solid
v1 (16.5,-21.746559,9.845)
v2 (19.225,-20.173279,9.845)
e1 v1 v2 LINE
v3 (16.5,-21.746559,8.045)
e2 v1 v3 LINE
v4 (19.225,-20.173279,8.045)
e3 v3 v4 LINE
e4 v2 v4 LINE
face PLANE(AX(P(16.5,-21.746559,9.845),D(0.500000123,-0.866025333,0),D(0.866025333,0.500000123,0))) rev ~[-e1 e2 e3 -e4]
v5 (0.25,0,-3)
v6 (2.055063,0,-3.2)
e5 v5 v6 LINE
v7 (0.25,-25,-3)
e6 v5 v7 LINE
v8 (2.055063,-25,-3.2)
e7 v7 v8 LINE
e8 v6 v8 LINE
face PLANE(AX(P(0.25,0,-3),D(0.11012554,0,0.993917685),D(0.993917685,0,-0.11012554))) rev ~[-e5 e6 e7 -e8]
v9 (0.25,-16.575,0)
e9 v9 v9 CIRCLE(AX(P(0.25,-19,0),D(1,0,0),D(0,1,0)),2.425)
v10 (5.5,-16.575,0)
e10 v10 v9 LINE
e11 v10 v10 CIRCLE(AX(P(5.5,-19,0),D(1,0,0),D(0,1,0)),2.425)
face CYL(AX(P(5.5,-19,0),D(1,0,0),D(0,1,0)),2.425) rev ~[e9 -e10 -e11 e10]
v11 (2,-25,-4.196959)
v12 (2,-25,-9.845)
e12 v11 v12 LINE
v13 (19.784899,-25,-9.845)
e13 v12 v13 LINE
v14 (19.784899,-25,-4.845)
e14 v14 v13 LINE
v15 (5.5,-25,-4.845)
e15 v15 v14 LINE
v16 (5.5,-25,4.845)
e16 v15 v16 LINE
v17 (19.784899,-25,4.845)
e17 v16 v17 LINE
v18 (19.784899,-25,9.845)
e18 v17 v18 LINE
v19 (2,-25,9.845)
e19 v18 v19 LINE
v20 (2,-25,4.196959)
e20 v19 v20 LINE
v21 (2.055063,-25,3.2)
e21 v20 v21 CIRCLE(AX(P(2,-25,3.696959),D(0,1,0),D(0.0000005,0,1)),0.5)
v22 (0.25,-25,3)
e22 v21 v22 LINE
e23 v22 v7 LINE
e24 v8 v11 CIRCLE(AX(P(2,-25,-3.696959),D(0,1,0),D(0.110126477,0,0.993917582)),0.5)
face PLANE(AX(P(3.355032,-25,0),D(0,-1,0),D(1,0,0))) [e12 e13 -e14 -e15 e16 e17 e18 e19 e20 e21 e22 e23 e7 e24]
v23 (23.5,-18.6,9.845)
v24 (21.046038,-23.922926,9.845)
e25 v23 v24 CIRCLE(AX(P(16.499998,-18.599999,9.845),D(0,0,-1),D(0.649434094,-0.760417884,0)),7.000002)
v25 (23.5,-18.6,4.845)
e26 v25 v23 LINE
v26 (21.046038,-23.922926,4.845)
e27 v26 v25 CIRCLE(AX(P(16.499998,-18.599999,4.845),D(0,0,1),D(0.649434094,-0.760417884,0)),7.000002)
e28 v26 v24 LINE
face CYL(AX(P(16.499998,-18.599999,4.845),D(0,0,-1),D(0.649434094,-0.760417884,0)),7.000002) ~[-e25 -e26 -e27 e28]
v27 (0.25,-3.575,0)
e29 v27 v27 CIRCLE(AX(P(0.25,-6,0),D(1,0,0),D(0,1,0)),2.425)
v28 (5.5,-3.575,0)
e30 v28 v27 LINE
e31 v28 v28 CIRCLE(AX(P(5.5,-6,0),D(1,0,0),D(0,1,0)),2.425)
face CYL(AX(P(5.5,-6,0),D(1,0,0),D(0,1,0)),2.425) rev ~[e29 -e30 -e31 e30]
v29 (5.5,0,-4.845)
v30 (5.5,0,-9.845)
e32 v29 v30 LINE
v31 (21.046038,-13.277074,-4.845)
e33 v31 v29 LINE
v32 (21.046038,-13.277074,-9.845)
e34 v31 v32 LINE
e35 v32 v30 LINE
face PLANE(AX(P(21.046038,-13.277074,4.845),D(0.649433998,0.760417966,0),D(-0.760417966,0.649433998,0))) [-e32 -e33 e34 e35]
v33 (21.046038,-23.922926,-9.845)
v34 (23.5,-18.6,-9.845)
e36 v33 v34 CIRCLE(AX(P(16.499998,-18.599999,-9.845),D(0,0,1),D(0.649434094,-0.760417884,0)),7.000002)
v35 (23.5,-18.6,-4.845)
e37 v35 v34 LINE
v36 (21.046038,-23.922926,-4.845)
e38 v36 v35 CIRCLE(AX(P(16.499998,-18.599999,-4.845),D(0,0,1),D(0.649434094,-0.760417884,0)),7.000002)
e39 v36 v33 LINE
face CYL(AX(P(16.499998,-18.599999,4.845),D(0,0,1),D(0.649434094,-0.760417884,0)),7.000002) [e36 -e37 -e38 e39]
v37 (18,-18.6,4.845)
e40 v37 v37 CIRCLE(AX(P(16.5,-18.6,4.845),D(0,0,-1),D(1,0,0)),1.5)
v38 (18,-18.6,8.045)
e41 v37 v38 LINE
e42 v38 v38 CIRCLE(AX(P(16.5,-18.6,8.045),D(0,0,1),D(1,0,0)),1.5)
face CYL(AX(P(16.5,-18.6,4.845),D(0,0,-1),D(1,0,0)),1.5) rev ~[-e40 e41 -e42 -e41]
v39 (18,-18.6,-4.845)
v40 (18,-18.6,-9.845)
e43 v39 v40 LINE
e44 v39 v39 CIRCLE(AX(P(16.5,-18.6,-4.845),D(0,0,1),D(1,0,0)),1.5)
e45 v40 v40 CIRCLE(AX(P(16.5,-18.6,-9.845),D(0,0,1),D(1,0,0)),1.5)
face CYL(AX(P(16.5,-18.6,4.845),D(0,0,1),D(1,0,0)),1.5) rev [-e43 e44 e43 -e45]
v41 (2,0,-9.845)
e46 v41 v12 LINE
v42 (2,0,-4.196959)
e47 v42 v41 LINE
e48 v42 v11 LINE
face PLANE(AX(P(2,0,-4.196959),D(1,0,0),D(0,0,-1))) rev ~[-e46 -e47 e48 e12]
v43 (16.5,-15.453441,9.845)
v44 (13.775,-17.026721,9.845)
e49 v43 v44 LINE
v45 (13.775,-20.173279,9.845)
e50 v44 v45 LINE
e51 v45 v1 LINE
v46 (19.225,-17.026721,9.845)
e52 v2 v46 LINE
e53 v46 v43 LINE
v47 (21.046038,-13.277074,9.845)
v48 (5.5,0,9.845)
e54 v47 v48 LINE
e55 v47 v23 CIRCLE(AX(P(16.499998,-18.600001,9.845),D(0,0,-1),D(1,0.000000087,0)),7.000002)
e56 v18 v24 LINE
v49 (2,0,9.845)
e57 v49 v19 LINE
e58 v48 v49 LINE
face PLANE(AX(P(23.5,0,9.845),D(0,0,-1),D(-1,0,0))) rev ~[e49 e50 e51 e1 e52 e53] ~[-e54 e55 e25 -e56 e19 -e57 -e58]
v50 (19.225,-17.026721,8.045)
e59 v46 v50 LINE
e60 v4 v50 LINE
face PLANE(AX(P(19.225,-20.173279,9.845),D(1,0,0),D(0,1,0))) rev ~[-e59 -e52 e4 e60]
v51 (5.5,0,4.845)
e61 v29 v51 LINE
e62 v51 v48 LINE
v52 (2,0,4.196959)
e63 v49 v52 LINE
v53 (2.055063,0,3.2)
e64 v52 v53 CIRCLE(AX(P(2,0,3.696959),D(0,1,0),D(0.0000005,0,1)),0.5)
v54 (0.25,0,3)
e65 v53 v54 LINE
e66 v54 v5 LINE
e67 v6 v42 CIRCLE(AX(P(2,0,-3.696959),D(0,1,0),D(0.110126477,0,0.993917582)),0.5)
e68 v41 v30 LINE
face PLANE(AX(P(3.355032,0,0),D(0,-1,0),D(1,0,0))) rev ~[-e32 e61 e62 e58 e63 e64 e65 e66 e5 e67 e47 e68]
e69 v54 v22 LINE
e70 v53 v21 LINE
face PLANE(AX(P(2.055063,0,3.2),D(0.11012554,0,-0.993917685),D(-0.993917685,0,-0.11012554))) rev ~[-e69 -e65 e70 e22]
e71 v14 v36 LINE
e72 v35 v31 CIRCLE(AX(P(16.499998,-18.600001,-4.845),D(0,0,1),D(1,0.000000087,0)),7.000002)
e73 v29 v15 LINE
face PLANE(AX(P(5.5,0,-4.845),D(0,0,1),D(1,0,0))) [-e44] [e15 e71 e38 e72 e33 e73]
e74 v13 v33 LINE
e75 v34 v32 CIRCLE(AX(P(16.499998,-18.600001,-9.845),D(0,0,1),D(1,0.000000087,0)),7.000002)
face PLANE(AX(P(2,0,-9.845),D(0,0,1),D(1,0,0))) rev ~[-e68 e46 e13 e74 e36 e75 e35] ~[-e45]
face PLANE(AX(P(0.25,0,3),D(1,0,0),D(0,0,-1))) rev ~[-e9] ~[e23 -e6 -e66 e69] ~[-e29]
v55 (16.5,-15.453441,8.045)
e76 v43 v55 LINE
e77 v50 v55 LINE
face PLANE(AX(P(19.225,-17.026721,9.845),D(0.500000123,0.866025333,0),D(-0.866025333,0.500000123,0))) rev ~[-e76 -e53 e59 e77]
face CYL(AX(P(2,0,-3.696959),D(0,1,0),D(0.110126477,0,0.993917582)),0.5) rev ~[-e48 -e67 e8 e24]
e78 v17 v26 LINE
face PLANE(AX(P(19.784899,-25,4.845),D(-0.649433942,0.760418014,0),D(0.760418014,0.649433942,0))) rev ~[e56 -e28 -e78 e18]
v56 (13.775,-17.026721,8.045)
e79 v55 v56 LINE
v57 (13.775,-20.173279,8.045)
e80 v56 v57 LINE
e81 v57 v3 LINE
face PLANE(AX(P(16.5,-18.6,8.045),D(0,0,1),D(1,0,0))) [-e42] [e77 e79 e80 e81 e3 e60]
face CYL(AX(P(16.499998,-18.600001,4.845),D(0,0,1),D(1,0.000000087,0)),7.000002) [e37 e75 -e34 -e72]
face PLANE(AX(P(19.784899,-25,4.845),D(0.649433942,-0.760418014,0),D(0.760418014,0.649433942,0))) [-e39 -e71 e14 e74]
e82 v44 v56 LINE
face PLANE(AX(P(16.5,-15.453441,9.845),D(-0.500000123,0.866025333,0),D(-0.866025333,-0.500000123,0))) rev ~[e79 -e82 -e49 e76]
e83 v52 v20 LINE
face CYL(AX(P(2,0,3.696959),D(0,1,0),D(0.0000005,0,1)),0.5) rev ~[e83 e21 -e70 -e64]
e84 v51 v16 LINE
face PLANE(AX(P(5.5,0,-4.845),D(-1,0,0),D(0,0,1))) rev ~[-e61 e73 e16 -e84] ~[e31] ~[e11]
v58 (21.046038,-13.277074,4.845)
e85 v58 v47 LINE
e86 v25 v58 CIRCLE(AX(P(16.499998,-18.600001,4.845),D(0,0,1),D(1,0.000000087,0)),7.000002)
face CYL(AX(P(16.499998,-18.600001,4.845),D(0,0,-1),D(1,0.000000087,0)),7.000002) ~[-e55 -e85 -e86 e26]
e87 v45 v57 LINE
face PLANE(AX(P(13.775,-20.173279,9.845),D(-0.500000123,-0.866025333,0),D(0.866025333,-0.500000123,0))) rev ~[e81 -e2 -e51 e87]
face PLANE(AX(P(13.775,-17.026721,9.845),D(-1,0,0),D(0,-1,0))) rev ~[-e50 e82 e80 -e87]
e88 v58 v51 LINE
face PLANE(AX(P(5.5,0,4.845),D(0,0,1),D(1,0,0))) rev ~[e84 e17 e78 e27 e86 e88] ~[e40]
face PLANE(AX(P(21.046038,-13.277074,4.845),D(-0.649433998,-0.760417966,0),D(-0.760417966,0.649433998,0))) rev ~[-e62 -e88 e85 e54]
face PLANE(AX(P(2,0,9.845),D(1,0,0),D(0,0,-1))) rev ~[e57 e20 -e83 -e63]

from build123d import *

# Parameters (mm, degrees)
F0_W          = 18
F0_H          = 5
F1_DEPTH      = 25
F2_R          = 1.5
F3_DEPTH      = 14.691
F3_DEPTH_BACK = 25
F0_W_2        = 8
F0_H_2        = 0.52
F5_DEPTH      = 25
F6_R          = 2.425
F7_DEPTH      = 25
F8_R          = 1.5
F9_DEPTH      = 1.8


with BuildPart() as f1:
    # F0 (on Front) → F1 (new body)
    with BuildSketch(Plane.XZ):
        with BuildLine():
            Line((2, -9.845), (5.5, -9.845))
            Line((5.5, -9.845), (5.5, -4.845))
            Line((5.5, -4.845), (5.5, 4.845))
            Line((5.5, 4.845), (5.5, 9.845))
            Line((5.5, 9.845), (2, 9.845))
            Line((2, 9.845), (2, 4.196959))
            ThreePointArc((2, 4.196959), (2.499239, 3.724532), (2.055063, 3.2))
            Line((2.055063, 3.2), (0.25, 3))
            Line((0.25, 3), (0.25, -3))
            Line((0.25, -3), (2.055063, -3.2))
            ThreePointArc((2.055063, -3.2), (2.499239, -3.724532), (2, -4.196959))
            Line((2, -4.196959), (2, -9.845))
        make_face()
        with Locations((14.5, -7.345)):
            Rectangle(F0_W, F0_H)
        with Locations((14.5, 7.345)):
            Rectangle(F0_W, F0_H)
    extrude(amount=F1_DEPTH)

    # F2 (on face) → F3 (cut, two sides)
    with BuildSketch(Plane(origin=(0, 0, 4.845), x_dir=(1, 0, 0), z_dir=(0, 0, -1))) as f3_sk:
        with BuildLine():
            Line((23.5, 25), (19.784899, 25))
            Line((19.784899, 25), (21.046038, 23.922926))
            ThreePointArc((21.046038, 23.922926), (22.856975, 21.530677), (23.5, 18.6))
            Line((23.5, 18.6), (23.5, 25))
        make_face()
        with BuildLine():
            Line((23.5, 0), (23.5, 18.6))
            ThreePointArc((23.5, 18.6), (22.856975, 15.669323), (21.046038, 13.277074))
            Line((21.046038, 13.277074), (5.5, 0))
            Line((5.5, 0), (23.5, 0))
        make_face()
        with Locations((16.5, 18.6)):
            Circle(F2_R)
    extrude(amount=F3_DEPTH, mode=Mode.SUBTRACT)
    extrude(f3_sk.sketch, amount=-F3_DEPTH_BACK, mode=Mode.SUBTRACT)

    # F0 (on Front) → F5 (cut)
    with BuildSketch(Plane.XZ):
        Polygon((10.765, 4.225), (10.765, -4.225), (12.5, -4.225), (20.5, -4.225), (22.235, -4.225), (22.235, 4.225), (20.5, 4.225), (12.5, 4.225), align=None)
        with Locations((16.5, 4.485)):
            Rectangle(F0_W_2, F0_H_2)
        with Locations((16.5, -4.485)):
            Rectangle(F0_W_2, F0_H_2)
    extrude(amount=F5_DEPTH, mode=Mode.SUBTRACT)

    # F6 (on face) → F7 (cut)
    with BuildSketch(Plane.YZ.offset(5.5)):
        with Locations((-6, 0)):
            Circle(F6_R)
        with Locations((-19, 0)):
            Circle(F6_R)
    extrude(amount=-F7_DEPTH, mode=Mode.SUBTRACT)

    # F8 (on face) → F9 (cut)
    with BuildSketch(Plane.XY.offset(9.845)):
        Polygon((19.225, -20.173279), (19.225, -17.026721), (16.5, -15.453441), (13.775, -17.026721), (13.775, -20.173279), (16.5, -21.746559), align=None)
        with Locations((16.5, -18.6)):
            Circle(F8_R, mode=Mode.SUBTRACT)
    extrude(amount=-F9_DEPTH, mode=Mode.SUBTRACT)


solid = f1.part
